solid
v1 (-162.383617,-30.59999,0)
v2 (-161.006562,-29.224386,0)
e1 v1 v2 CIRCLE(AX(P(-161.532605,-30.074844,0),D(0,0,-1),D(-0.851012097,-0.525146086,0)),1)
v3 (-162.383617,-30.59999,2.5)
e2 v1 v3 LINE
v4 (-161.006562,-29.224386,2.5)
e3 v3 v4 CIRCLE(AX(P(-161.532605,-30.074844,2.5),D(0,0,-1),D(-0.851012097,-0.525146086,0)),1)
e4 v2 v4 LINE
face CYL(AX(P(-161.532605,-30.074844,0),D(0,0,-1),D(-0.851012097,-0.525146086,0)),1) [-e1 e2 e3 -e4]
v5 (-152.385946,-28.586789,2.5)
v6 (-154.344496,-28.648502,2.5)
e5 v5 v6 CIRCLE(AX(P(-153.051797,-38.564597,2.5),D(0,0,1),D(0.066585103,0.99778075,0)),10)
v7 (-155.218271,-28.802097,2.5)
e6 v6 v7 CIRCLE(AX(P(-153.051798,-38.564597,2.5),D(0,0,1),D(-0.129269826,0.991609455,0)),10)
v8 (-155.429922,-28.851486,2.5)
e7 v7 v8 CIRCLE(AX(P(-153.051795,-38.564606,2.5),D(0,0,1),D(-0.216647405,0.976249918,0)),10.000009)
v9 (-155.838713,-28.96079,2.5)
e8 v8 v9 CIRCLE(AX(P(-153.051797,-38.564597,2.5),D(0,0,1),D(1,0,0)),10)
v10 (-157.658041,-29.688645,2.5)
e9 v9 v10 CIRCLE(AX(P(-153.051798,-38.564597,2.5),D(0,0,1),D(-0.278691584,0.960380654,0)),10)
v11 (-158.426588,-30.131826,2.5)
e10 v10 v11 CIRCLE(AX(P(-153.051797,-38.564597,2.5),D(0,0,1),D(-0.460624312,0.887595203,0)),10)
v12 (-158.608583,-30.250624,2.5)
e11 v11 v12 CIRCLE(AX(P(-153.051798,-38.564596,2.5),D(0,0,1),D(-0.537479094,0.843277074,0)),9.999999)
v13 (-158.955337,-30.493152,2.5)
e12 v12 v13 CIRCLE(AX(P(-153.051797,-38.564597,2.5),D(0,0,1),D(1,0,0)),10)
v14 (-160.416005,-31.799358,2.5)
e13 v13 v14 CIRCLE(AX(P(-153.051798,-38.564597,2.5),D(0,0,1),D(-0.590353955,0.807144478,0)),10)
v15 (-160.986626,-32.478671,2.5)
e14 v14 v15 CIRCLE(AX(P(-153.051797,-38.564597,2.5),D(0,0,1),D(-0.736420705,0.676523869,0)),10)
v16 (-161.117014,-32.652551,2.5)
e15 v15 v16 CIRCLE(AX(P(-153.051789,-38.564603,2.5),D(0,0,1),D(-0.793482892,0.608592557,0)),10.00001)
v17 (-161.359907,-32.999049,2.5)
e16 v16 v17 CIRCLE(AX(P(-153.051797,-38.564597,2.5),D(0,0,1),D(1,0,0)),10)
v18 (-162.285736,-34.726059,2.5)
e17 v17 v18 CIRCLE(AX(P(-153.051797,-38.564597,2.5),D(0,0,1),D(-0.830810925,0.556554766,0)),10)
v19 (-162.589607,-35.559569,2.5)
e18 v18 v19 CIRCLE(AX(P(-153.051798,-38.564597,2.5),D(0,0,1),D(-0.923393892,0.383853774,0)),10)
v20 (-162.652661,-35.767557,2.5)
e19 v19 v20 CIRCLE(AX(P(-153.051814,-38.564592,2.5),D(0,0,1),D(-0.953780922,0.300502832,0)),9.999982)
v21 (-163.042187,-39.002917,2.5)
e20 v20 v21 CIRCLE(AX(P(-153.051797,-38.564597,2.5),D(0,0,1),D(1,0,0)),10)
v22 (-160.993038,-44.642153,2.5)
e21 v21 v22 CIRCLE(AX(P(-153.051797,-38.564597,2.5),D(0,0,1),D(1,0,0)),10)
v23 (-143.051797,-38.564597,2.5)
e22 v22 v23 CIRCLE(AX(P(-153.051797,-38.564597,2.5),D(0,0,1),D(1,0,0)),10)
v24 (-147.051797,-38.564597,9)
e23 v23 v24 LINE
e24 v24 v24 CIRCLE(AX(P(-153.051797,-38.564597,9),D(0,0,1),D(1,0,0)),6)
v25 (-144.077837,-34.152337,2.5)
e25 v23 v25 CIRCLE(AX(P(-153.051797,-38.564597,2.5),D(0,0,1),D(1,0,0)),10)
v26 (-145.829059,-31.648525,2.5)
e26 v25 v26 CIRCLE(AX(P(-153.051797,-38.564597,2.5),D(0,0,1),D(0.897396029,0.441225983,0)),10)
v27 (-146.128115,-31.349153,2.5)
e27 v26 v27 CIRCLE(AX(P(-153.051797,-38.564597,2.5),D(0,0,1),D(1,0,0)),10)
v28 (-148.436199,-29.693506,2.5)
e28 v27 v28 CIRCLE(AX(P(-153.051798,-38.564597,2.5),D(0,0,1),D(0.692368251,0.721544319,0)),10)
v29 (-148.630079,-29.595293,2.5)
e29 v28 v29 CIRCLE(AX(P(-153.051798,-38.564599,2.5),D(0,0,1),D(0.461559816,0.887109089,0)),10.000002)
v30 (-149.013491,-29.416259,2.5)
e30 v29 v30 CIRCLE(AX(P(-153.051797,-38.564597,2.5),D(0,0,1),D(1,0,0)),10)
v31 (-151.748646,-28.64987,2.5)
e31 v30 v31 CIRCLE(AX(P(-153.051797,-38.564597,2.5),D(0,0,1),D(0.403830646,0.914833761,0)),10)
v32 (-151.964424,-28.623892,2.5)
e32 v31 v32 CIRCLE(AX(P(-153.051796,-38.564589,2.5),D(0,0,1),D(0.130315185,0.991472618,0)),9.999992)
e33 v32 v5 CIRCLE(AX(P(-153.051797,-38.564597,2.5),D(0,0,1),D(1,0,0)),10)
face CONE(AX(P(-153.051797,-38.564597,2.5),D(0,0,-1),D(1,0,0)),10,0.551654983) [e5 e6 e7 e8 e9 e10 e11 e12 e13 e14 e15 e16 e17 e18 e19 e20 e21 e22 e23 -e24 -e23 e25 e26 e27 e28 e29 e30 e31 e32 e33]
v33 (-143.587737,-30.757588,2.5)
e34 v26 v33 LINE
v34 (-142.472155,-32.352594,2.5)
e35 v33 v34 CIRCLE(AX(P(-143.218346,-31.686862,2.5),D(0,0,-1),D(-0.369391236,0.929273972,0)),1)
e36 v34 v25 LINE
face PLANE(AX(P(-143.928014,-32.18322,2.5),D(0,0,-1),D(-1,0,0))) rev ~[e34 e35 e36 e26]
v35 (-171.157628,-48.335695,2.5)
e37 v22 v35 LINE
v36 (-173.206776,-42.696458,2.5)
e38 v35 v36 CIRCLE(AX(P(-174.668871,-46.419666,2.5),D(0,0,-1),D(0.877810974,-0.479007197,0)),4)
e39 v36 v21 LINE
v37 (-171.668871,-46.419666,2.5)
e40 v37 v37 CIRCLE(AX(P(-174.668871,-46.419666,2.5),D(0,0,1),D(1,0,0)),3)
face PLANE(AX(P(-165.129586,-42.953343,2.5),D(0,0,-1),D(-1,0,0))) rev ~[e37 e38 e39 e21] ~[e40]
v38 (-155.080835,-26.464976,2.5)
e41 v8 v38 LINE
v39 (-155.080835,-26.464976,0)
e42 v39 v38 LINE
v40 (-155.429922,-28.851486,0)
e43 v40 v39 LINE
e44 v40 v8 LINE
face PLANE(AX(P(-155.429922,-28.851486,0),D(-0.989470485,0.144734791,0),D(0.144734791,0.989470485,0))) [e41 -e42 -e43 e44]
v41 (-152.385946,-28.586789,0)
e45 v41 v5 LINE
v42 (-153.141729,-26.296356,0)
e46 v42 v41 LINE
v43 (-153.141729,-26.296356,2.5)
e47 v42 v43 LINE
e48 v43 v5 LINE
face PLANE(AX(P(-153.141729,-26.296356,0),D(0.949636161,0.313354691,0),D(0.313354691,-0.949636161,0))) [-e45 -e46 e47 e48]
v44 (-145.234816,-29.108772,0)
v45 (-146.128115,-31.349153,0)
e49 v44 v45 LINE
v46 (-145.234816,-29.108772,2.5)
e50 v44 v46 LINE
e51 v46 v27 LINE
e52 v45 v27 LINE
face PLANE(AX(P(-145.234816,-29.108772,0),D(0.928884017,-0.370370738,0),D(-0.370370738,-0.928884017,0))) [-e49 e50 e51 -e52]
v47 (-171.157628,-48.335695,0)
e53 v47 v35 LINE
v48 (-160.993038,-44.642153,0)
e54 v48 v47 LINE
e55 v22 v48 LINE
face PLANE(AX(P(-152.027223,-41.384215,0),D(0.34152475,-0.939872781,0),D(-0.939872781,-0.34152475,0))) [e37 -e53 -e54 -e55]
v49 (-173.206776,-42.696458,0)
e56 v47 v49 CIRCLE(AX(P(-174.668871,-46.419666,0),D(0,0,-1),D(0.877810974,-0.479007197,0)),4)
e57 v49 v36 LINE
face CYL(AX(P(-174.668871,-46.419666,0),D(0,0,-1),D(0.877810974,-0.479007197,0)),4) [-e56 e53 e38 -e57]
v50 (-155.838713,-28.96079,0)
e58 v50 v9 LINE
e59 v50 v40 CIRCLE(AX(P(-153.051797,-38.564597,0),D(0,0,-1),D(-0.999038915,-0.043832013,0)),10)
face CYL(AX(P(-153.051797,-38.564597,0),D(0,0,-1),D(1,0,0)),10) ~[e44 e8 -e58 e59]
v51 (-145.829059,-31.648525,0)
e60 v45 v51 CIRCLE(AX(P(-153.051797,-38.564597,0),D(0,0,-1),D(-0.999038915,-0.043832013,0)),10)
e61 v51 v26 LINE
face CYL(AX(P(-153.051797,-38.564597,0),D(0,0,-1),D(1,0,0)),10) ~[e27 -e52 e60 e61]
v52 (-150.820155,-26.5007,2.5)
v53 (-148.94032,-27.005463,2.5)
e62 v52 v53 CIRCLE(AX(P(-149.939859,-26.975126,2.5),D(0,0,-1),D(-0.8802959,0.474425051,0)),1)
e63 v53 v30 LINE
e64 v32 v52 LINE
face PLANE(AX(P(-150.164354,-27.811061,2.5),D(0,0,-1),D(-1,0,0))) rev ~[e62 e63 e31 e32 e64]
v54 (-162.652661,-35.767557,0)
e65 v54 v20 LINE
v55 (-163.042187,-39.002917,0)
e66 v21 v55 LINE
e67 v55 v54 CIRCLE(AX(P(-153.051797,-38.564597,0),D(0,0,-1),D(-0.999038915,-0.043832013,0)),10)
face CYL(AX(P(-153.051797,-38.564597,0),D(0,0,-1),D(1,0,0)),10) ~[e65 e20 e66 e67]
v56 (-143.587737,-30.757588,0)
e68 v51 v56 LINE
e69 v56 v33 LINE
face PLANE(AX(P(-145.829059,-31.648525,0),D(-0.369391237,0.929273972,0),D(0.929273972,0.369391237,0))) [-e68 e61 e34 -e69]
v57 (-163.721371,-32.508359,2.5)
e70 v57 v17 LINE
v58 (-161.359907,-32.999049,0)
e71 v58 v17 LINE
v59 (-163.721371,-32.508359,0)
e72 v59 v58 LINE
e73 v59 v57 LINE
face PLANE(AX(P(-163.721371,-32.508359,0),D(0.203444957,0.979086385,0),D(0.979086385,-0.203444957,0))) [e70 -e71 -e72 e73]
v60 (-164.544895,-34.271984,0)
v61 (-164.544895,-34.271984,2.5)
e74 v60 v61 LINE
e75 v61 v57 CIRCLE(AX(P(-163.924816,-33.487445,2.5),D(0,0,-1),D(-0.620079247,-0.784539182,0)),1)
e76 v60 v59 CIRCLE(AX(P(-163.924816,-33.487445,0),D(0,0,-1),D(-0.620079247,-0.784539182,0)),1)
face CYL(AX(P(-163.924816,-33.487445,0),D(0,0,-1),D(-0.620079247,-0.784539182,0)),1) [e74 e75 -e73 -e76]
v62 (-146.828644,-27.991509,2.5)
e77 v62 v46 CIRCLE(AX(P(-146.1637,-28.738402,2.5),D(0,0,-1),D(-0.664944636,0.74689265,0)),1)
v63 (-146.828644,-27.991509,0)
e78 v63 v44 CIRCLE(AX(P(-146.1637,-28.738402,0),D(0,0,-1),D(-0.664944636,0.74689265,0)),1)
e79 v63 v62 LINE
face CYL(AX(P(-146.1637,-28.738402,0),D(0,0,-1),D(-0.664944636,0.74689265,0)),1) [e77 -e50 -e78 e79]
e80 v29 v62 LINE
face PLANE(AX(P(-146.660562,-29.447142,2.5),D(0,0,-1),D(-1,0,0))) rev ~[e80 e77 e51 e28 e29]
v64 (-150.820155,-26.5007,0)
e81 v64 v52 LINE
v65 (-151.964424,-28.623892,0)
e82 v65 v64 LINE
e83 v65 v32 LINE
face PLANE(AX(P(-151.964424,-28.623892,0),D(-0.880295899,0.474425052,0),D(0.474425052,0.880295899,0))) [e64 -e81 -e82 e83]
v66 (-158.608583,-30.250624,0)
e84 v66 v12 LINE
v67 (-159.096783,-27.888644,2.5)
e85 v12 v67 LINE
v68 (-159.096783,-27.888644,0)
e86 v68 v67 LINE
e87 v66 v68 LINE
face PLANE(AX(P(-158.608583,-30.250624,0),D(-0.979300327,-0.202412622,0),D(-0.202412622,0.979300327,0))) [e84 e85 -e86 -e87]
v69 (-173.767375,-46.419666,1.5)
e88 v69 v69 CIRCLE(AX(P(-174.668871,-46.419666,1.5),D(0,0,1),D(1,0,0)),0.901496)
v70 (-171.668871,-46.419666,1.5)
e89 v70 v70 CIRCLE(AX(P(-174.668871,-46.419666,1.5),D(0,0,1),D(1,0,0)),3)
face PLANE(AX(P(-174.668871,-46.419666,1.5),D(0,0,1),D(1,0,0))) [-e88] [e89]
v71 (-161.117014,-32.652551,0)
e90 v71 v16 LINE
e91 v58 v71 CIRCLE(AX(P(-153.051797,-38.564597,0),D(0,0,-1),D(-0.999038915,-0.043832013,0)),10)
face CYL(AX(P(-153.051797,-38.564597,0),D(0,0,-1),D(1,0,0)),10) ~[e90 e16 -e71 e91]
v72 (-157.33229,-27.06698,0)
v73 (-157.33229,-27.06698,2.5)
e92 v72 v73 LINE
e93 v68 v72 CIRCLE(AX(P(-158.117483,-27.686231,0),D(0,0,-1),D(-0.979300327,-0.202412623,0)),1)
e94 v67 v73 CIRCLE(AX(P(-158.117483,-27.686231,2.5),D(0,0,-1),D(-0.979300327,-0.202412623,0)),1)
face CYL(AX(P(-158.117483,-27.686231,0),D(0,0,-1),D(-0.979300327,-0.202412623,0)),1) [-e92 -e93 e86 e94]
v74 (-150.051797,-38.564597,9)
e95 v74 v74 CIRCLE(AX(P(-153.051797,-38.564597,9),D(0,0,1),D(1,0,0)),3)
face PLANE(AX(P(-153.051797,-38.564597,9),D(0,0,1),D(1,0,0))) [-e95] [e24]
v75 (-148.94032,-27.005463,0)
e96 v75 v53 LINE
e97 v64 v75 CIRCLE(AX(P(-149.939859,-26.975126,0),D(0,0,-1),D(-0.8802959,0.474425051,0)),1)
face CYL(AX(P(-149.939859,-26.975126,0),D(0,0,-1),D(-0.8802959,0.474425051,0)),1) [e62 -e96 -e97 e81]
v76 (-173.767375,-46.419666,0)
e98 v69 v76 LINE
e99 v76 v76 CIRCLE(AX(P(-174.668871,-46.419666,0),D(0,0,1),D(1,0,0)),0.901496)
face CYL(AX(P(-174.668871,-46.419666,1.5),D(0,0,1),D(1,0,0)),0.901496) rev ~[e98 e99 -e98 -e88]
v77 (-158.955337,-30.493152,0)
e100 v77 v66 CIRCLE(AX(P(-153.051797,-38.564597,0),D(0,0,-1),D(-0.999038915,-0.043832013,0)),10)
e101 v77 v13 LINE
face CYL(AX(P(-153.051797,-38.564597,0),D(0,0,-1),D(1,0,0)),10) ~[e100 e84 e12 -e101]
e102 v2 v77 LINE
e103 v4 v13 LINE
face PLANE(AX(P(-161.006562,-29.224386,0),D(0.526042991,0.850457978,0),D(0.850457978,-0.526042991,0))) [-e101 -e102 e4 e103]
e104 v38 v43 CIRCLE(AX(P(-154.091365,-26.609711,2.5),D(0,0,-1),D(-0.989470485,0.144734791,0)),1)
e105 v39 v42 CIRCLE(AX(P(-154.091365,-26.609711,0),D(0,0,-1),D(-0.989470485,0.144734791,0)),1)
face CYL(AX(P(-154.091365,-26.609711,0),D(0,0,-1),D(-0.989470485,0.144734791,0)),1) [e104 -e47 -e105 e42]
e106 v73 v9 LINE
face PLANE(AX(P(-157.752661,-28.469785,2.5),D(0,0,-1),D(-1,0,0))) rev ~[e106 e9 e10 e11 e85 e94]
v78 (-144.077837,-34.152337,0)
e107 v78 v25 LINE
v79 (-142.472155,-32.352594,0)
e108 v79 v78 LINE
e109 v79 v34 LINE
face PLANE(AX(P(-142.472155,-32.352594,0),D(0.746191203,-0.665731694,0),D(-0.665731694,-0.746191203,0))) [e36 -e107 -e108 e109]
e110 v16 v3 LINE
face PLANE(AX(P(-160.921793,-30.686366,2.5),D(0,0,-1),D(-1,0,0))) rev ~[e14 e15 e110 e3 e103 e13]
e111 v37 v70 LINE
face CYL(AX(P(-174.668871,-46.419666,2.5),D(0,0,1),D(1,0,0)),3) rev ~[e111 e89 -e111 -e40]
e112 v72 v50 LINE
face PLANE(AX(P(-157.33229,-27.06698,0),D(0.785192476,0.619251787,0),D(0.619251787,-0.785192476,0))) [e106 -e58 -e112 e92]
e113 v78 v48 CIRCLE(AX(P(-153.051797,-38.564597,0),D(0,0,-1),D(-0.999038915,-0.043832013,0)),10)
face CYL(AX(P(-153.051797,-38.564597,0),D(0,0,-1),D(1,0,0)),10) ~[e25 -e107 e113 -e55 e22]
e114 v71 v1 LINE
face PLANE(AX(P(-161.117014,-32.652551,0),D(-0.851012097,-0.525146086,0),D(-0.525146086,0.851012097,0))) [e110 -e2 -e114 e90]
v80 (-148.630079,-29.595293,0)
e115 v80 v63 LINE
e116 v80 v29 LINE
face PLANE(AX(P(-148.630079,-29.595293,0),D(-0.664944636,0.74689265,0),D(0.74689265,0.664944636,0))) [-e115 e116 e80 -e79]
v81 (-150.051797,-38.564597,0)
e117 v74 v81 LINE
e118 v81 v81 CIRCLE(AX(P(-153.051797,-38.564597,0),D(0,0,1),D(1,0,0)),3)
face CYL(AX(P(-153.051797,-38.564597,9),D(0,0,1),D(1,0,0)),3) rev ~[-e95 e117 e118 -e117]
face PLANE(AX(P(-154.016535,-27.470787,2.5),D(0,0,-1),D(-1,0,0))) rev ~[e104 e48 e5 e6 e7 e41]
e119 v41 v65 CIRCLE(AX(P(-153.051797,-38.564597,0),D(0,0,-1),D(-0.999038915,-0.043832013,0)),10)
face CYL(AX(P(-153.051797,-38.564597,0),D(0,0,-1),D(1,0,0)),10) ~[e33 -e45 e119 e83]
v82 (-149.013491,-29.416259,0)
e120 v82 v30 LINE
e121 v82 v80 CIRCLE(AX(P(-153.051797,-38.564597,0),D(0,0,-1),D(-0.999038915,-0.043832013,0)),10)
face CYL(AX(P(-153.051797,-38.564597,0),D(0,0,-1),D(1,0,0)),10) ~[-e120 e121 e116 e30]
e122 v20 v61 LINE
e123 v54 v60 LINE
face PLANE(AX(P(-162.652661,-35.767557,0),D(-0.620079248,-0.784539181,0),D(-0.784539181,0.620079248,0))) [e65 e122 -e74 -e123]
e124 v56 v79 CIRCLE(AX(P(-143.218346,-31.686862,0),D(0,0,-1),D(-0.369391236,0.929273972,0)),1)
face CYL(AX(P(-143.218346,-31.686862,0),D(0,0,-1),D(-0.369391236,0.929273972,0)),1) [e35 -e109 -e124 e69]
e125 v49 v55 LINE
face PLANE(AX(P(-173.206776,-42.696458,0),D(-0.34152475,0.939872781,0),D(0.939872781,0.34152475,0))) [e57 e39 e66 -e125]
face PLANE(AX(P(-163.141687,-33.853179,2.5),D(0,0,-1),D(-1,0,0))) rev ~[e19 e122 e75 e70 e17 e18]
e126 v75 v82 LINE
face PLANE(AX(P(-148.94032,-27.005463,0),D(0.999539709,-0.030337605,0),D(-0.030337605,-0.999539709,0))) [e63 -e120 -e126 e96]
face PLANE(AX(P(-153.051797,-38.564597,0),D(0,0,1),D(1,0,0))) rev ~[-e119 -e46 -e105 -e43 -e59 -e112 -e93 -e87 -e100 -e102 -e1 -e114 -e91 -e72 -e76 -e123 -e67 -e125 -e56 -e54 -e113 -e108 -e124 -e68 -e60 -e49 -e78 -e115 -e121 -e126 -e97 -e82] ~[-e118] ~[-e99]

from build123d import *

# Parameters (mm, degrees)
CROQUIS1_R              = 10
SALIENTE_EXTRUIR1_DEPTH = 9
CHAFL_N1_SIZE           = 6.5
CHAFL_N1_SIZE2          = 4
SALIENTE_EXTRUIR3_DEPTH = 2.5
CROQUIS4_R              = 3
CORTAR_EXTRUIR1_DEPTH   = 186.864758197
CROQUIS5_R              = 3
CORTAR_EXTRUIR2_DEPTH   = 1
CROQUIS6_R              = 0.901496021
CORTAR_EXTRUIR3_DEPTH   = 16
SALIENTE_EXTRUIR4_DEPTH = 2.5


with BuildPart() as part:
    # Croquis1 → Saliente-Extruir1 (new body)
    with BuildSketch(Plane.XY):
        with Locations((-153.051797491, -38.56459666)):
            Circle(CROQUIS1_R)
    extrude(amount=SALIENTE_EXTRUIR1_DEPTH)

    # Chaflán1
    chafl_n1_edges = [part.edges().sort_by_distance(p)[0] for p in [
        (-163.051797491, -38.56459666, 9),
    ]]
    chafl_n1_side = [part.faces().sort_by_distance(p)[0] for p in [
        (-163.051797491, -38.56459666, 4.5),
    ]]
    chamfer(chafl_n1_edges, length=CHAFL_N1_SIZE, length2=CHAFL_N1_SIZE2, reference=chafl_n1_side[0])

    # Croquis3 → Saliente-Extruir3 (add)
    with BuildSketch(Plane(origin=(0, 0, 0), x_dir=(-1, 0, 0), z_dir=(0, 0, -1))):
        with BuildLine():
            Line((152.02722324, -41.384215004), (171.157627564, -48.335694708))
            ThreePointArc((171.157627564, -48.335694708), (178.428362583, -47.785764923), (173.206776067, -42.696458021))
            Line((173.206776067, -42.696458021), (154.076371743, -35.744978316))
            Line((154.076371743, -35.744978316), (152.02722324, -41.384215004))
        make_face()
    extrude(amount=-SALIENTE_EXTRUIR3_DEPTH)

    # Croquis4 → Cortar-Extruir1 (cut, through all)
    with BuildSketch(Plane.XY.offset(9)):
        with Locations((-153.051797491, -38.56459666)):
            Circle(CROQUIS4_R)
    extrude(amount=-CORTAR_EXTRUIR1_DEPTH, mode=Mode.SUBTRACT)

    # Croquis5 → Cortar-Extruir2 (cut)
    with BuildSketch(Plane.XY.offset(2.5)):
        with Locations((-174.668871458, -46.419665921)):
            Circle(CROQUIS5_R)
    extrude(amount=-CORTAR_EXTRUIR2_DEPTH, mode=Mode.SUBTRACT)

    # Croquis6 → Cortar-Extruir3 (cut)
    with BuildSketch(Plane.XY.offset(1.5)):
        with Locations((-174.668871458, -46.419665921)):
            Circle(CROQUIS6_R)
    extrude(amount=-CORTAR_EXTRUIR3_DEPTH, mode=Mode.SUBTRACT)

    # Croquis7 → Saliente-Extruir4 (add)
    with BuildSketch(Plane(origin=(0, 0, 0), x_dir=(-1, 0, 0), z_dir=(0, 0, -1))):
        with BuildLine():
            Line((142.472154892, -32.352593723), (144.077837211, -34.152336821))
            ThreePointArc((144.077837211, -34.152336821), (144.857254661, -32.833151134), (145.829058872, -31.648525027))
            Line((145.829058872, -31.648525027), (143.587737332, -30.757588058))
            ThreePointArc((143.587737332, -30.757588058), (142.398891813, -31.113717477), (142.472154892, -32.352593723))
        make_face()
        with BuildLine():
            Line((145.234815545, -29.108772462), (146.128114979, -31.349153467))
            ThreePointArc((146.128114979, -31.349153467), (147.223071886, -30.438960819), (148.436199285, -29.693505791))
            ThreePointArc((148.436199285, -29.693505791), (148.532872379, -29.643872708), (148.63007912, -29.595293084))
            Line((148.63007912, -29.595293084), (146.828644198, -27.991509074))
            ThreePointArc((146.828644198, -27.991509074), (145.589691401, -27.919552146), (145.234815545, -29.108772462))
        make_face()
        with BuildLine():
            Line((148.940319587, -27.005463152), (149.013491041, -29.416259051))
            ThreePointArc((149.013491041, -29.416259051), (150.353718186, -28.935455054), (151.748645686, -28.649870472))
            ThreePointArc((151.748645686, -28.649870472), (151.856464194, -28.636294775), (151.964423861, -28.623891525))
            Line((151.964423861, -28.623891525), (150.820155195, -26.500700496))
            ThreePointArc((150.820155195, -26.500700496), (149.680531113, -26.009336288), (148.940319587, -27.005463152))
        make_face()
        with BuildLine():
            ThreePointArc((155.218271428, -28.802097457), (155.324230846, -28.826216577), (155.42992191, -28.851485714))
            Line((155.42992191, -28.851485714), (155.080835189, -26.464975839))
            ThreePointArc((155.080835189, -26.464975839), (154.177995305, -25.613470127), (153.141728543, -26.296355938))
            Line((153.141728543, -26.296355938), (152.38594646, -28.586789165))
            ThreePointArc((152.38594646, -28.586789165), (153.366736356, -28.569557215), (154.344495765, -28.648502108))
            ThreePointArc((154.344495765, -28.648502108), (154.783087756, -28.715605137), (155.218271428, -28.802097457))
        make_face()
        with BuildLine():
            ThreePointArc((158.426588439, -30.131825925), (158.517908498, -30.190730739), (158.608583057, -30.250624434))
            Line((158.608583057, -30.250624434), (159.09678329, -27.888644024))
            ThreePointArc((159.09678329, -27.888644024), (158.53962342, -26.779700963), (157.332290487, -27.066979615))
            Line((157.332290487, -27.066979615), (155.83871334, -28.96079012))
            ThreePointArc((155.83871334, -28.96079012), (156.766248042, -29.280047284), (157.6580406, -29.688644631))
            ThreePointArc((157.6580406, -29.688644631), (158.047231669, -29.901708148), (158.426588439, -30.131825925))
        make_face()
        with BuildLine():
            ThreePointArc((160.986626339, -32.478670998), (161.052292491, -32.565256717), (161.117013855, -32.652550905))
            Line((161.117013855, -32.652550905), (162.38361689, -30.599989658))
            ThreePointArc((162.38361689, -30.599989658), (162.239338735, -29.367364148), (161.006561803, -29.224385594))
            Line((161.006561803, -29.224385594), (158.955337038, -30.493151881))
            ThreePointArc((158.955337038, -30.493151881), (159.717742172, -31.110391034), (160.416004535, -31.799357964))
            ThreePointArc((160.416004535, -31.799357964), (160.708852496, -32.132683364), (160.986626339, -32.478670998))
        make_face()
        with BuildLine():
            ThreePointArc((162.589606773, -35.559568525), (162.621698713, -35.663391632), (162.652660529, -35.767557347))
            Line((162.652660529, -35.767557347), (164.544895347, -34.271984441))
            ThreePointArc((164.544895347, -34.271984441), (164.830900984, -33.06434931), (163.721371142, -32.508358875))
            Line((163.721371142, -32.508358875), (161.35990674, -32.999049004))
            ThreePointArc((161.35990674, -32.999049004), (161.865224995, -33.839821995), (162.285736417, -34.726058929))
            ThreePointArc((162.285736417, -34.726058929), (162.446919484, -35.139442249), (162.589606773, -35.559568525))
        make_face()
    extrude(amount=-SALIENTE_EXTRUIR4_DEPTH)


solid = part.part
